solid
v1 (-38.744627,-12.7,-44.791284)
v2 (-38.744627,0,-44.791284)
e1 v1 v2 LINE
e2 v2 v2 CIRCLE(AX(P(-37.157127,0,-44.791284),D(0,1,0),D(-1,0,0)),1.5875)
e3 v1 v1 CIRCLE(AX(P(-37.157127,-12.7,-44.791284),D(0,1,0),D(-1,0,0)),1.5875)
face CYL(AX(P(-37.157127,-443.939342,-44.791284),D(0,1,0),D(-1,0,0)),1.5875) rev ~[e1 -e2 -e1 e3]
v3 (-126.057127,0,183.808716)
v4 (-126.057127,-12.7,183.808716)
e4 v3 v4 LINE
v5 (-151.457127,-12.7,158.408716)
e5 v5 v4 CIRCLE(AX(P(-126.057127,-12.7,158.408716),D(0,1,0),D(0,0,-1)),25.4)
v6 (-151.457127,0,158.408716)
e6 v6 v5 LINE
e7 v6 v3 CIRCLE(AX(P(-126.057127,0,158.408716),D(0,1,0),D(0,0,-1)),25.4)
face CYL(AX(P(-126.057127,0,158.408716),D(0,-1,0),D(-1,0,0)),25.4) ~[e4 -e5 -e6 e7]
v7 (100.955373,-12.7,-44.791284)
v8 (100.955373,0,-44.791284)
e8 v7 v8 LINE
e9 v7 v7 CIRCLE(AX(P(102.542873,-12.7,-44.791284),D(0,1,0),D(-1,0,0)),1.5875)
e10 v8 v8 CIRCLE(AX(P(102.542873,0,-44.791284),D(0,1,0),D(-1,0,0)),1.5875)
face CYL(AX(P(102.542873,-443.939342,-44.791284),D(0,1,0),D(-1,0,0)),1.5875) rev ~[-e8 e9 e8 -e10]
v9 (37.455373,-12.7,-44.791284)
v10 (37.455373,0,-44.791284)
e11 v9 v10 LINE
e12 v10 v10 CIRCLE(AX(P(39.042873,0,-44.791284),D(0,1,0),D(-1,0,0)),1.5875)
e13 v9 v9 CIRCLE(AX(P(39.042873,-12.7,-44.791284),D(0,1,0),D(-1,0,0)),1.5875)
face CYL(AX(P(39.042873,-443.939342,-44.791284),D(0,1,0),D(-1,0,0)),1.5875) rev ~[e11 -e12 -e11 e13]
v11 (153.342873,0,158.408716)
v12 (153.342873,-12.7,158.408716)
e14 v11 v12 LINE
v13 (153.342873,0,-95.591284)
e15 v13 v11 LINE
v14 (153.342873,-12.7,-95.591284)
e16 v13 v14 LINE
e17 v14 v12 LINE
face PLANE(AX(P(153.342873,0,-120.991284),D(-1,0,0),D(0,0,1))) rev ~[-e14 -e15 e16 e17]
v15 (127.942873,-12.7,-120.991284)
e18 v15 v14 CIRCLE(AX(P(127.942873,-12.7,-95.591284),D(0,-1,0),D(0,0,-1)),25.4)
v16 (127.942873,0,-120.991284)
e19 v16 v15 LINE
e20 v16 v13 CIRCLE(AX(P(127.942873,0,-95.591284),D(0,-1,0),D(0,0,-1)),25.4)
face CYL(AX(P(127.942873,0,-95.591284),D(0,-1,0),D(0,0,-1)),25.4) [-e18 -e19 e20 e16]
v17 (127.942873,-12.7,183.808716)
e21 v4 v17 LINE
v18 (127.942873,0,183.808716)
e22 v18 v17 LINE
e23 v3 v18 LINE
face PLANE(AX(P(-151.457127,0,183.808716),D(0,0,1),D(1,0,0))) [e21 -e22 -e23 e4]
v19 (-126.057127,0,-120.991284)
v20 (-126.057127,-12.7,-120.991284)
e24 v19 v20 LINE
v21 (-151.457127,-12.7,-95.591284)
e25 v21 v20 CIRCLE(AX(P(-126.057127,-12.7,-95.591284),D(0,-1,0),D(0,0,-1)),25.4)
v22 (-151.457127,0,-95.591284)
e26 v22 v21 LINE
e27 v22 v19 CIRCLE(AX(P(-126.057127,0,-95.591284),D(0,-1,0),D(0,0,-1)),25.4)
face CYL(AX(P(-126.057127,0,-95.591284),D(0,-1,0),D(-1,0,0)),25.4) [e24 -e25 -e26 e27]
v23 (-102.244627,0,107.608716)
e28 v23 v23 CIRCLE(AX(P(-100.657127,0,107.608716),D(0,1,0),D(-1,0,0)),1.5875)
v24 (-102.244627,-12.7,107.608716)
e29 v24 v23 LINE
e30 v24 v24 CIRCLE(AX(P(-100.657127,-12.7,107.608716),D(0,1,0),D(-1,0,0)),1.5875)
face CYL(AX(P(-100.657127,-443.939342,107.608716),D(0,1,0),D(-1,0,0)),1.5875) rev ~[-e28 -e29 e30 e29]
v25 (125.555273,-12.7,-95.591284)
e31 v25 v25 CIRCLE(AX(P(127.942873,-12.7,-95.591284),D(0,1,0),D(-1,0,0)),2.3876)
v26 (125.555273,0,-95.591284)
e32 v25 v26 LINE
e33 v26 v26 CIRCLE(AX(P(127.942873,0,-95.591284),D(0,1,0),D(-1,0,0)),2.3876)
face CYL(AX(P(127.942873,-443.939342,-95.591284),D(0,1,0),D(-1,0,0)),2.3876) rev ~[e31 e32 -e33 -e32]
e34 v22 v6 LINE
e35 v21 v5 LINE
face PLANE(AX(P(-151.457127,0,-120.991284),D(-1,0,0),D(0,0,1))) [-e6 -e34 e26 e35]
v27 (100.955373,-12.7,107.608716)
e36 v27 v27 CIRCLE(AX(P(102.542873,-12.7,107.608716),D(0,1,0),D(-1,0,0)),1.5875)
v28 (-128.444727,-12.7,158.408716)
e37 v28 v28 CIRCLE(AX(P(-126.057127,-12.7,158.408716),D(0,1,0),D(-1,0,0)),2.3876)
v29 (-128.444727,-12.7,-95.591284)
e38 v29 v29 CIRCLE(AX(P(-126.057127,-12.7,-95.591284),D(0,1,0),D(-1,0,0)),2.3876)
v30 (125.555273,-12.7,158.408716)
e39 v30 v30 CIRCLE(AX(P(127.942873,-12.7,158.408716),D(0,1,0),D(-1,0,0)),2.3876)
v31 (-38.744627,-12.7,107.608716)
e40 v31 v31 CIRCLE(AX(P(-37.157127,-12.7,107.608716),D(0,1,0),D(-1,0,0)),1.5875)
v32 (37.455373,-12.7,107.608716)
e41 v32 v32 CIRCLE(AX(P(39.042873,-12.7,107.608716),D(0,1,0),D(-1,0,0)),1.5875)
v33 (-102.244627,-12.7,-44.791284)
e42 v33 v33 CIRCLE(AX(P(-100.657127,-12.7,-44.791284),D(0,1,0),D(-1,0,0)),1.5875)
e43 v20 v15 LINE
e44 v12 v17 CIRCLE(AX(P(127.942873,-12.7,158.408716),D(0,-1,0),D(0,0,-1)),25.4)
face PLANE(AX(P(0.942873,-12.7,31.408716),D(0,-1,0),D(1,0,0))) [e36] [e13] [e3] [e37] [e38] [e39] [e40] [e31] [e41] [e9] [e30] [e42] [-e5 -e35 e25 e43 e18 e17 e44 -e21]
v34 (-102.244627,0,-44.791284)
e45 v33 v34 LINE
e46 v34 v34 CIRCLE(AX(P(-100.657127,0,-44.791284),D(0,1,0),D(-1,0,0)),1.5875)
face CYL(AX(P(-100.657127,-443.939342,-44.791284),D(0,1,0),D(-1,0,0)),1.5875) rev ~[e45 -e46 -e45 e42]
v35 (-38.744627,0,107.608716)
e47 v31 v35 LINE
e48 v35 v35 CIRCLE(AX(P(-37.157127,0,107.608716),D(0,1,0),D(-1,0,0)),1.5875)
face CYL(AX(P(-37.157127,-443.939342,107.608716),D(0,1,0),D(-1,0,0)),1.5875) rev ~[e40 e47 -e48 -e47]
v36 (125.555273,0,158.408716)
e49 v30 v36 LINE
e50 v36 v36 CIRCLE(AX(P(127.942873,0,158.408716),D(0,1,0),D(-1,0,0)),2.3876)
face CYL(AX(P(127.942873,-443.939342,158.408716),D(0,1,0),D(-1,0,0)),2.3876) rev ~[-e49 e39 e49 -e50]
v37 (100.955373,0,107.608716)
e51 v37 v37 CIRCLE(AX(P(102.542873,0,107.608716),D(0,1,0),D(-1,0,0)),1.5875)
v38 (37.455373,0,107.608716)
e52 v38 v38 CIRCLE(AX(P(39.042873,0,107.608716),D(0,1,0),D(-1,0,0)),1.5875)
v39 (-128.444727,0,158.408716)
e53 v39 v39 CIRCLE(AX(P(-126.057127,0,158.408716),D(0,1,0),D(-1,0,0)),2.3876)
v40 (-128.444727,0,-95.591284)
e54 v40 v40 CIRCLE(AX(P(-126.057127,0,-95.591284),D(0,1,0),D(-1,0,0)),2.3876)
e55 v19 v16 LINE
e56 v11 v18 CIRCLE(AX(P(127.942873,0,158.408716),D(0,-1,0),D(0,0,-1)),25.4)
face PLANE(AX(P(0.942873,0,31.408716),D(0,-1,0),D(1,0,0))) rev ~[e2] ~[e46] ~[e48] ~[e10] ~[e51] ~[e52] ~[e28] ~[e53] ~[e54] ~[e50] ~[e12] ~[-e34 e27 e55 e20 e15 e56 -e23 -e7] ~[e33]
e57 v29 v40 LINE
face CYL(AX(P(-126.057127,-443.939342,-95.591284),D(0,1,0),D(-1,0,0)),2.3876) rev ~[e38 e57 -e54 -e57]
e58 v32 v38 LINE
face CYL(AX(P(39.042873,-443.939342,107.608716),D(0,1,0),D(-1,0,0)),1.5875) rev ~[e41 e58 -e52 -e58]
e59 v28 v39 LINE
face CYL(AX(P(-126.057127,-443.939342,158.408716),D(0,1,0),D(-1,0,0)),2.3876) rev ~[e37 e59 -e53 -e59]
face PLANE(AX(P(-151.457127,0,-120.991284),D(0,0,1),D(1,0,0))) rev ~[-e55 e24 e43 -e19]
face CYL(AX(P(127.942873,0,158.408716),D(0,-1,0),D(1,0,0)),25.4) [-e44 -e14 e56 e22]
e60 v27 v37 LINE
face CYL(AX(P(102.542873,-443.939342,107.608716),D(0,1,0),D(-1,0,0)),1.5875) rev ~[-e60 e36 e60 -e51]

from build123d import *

# Parameters (mm, degrees)
F0_W     = 304.8
F0_H     = 304.8
F1_DEPTH = 12.7
F2_R     = 25.4
F4_D     = 3.175
F6_D     = 4.7752


with BuildPart() as f1:
    # F0 (on Front) → F1 (new body)
    with BuildSketch(Plane.XZ):
        with Locations((0.942873, 31.408716)):
            Rectangle(F0_W, F0_H)
    extrude(amount=F1_DEPTH)

    # F2
    f2_edges = [f1.edges().sort_by_distance(p)[0] for p in [
        (-151.457127, -6.35, 183.808716),
        (-151.457127, -6.35, -120.991284),
        (153.342873, -6.35, -120.991284),
        (153.342873, -6.35, 183.808716),
    ]]
    fillet(f2_edges, radius=F2_R)

    # F4 (through all)
    with Locations(Plane.XZ.offset(12.7)):
        with Locations((-100.657127, 107.608716), (-37.157127, 107.608716), (39.042873, 107.608716), (102.542873, 107.608716), (102.542873, -44.791284), (39.042873, -44.791284), (-37.157127, -44.791284), (-100.657127, -44.791284)):
            Hole(F4_D / 2)

    # F6 (through all)
    with Locations(Plane.XZ.offset(12.7)):
        with Locations((-126.057127, 158.408716), (127.942873, 158.408716), (127.942873, -95.591284), (-126.057127, -95.591284)):
            Hole(F6_D / 2)


solid = f1.part
